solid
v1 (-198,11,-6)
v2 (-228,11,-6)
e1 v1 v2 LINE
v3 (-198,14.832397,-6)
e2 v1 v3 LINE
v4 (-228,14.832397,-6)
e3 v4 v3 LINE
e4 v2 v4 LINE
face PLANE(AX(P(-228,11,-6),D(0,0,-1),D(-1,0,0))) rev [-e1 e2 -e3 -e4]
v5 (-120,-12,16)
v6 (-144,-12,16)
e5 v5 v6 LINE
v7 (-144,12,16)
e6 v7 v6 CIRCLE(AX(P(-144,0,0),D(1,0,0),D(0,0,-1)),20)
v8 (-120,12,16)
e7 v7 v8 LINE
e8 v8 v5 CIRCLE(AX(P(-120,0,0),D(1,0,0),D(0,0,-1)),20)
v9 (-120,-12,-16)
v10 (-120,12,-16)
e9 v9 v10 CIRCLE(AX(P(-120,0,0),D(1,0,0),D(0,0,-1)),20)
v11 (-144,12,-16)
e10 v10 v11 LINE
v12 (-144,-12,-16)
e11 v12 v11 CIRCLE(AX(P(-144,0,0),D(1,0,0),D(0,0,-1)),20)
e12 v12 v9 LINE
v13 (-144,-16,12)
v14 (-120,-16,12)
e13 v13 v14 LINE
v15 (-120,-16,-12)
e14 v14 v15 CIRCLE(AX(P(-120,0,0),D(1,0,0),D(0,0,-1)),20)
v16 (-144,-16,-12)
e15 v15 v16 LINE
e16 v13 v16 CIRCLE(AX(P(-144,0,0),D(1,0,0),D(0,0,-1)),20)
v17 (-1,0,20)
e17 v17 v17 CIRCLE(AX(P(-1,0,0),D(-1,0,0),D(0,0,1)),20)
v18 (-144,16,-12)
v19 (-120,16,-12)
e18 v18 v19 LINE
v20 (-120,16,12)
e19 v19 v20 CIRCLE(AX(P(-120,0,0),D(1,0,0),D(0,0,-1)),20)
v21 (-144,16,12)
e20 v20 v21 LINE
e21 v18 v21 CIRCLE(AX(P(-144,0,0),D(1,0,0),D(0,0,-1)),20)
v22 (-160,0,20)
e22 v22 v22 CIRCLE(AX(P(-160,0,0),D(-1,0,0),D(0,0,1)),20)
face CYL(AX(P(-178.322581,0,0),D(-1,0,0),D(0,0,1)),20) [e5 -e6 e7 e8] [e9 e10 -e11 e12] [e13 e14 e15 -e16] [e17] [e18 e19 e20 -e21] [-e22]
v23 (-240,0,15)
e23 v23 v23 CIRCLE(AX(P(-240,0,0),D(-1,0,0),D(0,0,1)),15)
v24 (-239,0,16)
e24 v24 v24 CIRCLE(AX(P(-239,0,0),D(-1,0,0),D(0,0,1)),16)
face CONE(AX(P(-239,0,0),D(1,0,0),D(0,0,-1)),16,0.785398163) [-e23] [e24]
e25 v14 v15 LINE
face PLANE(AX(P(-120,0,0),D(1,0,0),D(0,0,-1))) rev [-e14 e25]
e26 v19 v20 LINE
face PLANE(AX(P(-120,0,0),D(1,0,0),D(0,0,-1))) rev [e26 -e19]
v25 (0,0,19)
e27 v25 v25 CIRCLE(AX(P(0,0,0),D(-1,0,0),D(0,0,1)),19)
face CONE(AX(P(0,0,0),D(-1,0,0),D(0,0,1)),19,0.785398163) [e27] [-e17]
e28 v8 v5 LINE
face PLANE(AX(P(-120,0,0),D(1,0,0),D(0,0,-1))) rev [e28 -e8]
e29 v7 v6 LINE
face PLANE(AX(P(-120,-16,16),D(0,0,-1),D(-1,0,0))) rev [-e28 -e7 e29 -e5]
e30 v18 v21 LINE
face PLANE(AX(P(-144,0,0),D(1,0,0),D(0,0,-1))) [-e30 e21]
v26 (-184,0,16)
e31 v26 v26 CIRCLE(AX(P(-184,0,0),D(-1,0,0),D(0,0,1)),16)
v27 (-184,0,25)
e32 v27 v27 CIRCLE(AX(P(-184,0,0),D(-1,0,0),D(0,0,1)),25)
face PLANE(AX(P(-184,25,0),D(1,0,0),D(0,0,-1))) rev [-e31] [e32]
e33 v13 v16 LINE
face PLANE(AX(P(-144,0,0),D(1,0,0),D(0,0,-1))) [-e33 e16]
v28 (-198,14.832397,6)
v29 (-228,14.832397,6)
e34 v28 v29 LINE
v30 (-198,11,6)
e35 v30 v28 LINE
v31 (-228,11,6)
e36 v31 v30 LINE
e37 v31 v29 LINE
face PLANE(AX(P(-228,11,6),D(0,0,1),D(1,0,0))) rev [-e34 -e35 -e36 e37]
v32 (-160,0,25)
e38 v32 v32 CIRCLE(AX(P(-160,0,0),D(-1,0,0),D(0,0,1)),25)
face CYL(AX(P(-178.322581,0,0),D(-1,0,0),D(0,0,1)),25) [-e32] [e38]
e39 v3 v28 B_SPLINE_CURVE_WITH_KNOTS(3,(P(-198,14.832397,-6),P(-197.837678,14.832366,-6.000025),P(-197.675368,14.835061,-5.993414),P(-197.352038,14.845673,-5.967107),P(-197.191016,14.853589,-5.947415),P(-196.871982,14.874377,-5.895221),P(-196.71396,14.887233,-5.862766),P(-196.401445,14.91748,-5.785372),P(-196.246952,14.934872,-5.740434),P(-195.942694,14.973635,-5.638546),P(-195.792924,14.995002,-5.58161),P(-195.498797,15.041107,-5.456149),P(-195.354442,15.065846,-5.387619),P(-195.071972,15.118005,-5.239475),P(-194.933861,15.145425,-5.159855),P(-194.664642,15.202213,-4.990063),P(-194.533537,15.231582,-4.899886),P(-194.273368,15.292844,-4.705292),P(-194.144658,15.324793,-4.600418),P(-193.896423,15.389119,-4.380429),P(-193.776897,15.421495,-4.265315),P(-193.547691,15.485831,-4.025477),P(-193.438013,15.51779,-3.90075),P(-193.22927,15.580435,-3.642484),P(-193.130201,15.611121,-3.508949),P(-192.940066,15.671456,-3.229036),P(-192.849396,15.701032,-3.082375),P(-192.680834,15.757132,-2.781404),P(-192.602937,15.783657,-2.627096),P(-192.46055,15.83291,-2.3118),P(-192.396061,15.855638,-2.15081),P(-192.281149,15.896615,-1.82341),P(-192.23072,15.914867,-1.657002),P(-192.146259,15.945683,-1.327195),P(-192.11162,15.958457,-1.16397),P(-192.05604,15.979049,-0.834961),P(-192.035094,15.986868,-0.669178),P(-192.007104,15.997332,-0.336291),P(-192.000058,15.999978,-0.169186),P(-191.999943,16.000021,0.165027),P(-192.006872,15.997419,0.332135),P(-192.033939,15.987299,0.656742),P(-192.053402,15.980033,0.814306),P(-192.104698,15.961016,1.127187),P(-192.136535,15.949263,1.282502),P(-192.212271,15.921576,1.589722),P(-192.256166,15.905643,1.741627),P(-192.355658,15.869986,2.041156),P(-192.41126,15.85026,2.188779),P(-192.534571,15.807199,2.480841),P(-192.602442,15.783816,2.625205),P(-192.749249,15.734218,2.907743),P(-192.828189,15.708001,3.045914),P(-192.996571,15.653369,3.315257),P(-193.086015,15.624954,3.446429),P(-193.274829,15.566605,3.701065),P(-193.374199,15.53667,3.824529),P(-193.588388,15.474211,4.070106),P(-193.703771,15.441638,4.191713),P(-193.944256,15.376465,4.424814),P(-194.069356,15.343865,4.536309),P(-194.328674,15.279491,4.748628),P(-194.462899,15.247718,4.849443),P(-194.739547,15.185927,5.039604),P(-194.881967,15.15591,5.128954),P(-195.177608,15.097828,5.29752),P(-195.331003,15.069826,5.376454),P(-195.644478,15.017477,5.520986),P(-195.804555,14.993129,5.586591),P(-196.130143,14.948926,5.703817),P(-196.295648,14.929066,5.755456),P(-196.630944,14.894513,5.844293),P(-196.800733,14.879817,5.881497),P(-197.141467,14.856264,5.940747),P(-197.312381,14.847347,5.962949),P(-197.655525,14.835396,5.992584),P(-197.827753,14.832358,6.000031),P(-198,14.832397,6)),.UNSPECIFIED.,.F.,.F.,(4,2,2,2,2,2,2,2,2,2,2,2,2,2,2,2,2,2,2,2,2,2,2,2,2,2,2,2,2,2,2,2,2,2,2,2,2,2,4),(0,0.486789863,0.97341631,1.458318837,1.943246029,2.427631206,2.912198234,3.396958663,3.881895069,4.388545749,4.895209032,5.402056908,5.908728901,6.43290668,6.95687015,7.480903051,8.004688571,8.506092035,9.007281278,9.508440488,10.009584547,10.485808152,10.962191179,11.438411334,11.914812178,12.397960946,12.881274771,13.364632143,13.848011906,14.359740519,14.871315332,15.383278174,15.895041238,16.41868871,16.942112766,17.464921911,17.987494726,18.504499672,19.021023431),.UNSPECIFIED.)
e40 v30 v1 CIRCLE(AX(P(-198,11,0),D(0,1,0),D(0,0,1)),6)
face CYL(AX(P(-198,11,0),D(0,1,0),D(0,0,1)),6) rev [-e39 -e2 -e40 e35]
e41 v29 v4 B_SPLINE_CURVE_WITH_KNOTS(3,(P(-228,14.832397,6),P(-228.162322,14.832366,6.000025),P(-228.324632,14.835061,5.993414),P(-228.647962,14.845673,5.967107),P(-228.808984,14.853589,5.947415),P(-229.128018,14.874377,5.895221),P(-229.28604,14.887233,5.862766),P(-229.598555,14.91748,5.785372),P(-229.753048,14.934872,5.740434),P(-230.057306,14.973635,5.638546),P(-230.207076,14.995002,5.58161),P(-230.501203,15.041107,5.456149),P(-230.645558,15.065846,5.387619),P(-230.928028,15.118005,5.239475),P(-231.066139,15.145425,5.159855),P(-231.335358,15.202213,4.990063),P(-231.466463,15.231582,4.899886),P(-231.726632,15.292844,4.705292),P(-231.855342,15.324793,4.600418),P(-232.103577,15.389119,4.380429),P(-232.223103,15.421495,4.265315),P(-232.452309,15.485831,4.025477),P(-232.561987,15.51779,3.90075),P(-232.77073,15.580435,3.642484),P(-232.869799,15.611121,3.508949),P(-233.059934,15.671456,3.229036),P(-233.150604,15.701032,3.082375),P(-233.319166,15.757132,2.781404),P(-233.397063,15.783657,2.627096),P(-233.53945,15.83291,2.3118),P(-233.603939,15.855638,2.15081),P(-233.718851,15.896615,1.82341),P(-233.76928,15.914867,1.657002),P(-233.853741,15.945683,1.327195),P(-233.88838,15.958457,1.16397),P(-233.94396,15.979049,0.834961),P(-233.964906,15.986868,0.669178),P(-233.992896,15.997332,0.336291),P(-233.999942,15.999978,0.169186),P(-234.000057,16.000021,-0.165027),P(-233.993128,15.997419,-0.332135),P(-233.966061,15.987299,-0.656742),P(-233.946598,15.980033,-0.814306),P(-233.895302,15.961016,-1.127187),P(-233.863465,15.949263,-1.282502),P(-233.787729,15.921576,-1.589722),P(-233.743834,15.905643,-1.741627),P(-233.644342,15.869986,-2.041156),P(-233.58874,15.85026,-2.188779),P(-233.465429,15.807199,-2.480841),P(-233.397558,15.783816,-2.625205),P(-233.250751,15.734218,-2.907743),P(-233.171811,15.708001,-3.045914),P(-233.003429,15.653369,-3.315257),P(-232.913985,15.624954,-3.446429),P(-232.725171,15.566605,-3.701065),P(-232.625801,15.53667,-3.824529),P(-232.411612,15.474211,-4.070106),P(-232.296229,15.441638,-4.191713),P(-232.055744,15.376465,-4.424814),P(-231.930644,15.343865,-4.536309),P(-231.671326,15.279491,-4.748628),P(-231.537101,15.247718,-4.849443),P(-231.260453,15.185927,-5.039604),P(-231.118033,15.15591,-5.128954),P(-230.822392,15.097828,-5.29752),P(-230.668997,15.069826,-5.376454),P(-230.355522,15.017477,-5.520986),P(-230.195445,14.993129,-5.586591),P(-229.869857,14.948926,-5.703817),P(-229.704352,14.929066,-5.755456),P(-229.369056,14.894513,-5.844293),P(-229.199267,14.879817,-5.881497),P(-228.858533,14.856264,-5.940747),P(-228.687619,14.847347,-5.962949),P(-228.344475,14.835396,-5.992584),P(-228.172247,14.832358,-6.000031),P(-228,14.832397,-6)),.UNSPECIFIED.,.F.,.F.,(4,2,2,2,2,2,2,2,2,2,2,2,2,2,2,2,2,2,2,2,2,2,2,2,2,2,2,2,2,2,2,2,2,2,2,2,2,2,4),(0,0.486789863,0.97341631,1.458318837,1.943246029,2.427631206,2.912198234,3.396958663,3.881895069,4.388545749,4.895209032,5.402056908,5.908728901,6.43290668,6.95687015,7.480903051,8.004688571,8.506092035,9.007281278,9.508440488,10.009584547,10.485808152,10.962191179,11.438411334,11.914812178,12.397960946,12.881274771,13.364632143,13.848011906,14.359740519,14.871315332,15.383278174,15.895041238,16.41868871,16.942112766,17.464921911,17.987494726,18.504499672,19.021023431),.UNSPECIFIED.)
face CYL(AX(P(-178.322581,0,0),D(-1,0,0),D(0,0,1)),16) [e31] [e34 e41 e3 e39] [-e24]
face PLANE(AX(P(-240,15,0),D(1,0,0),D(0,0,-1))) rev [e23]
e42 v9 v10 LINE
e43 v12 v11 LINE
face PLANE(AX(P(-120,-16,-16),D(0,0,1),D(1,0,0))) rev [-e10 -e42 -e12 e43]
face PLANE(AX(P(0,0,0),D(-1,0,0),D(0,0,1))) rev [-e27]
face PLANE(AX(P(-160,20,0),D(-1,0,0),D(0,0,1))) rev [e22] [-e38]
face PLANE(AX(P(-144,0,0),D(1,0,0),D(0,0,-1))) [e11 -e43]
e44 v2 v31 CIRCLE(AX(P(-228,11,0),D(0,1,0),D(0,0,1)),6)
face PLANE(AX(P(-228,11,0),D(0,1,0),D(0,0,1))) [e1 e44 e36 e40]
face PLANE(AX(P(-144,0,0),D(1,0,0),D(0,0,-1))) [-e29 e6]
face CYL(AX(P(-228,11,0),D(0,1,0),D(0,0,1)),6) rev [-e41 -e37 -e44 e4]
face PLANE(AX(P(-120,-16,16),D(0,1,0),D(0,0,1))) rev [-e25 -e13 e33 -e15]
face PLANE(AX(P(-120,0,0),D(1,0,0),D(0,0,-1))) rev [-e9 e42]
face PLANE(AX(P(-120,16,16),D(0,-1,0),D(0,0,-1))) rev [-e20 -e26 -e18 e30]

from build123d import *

# Parameters (mm, degrees)
SKETCH_2_OUTSIDE_W   = 102.04
SKETCH_2_OUTSIDE_H   = 102.04
SKETCH_2_OUTSIDE_W_2 = 32
SKETCH_2_OUTSIDE_H_2 = 32
CUT_EXTRUDE_1_DEPTH  = 24
CUT_EXTRUDE_2_DEPTH  = 5


with BuildPart() as part:
    # Эскиз1 → Повернуть1 (revolve)
    with BuildSketch(Plane.XY, mode=Mode.PRIVATE) as revolve_1_sk:
        Polygon((0, 0), (0, 19), (-1, 20), (-160, 20), (-160, 25), (-184, 25), (-184, 16), (-239, 16), (-240, 15), (-240, 0), align=None)
    revolve(revolve_1_sk.sketch.rotate(Axis((-178.322580645, 0, 0), (1, 0, 0)), 90), axis=Axis((-178.322580645, 0, 0), (1, 0, 0)))

    # Эскиз2 outside → Вырез-Вытянуть1 (cut)
    with BuildSketch(Plane(origin=(-144, 0, 0), x_dir=(0, 0, -1), z_dir=(1, 0, 0))):
        Rectangle(SKETCH_2_OUTSIDE_W, SKETCH_2_OUTSIDE_H)
        Rectangle(SKETCH_2_OUTSIDE_W_2, SKETCH_2_OUTSIDE_H_2, mode=Mode.SUBTRACT)
    extrude(amount=CUT_EXTRUDE_1_DEPTH, mode=Mode.SUBTRACT)

    # Эскиз3 → Вырез-Вытянуть2 (cut)
    with BuildSketch(Plane(origin=(0, 16, 0), x_dir=(1, 0, 0), z_dir=(0, 1, 0))):
        with BuildLine():
            Line((-228, 6), (-198, 6))
            ThreePointArc((-198, 6), (-192, 0), (-198, -6))
            Line((-198, -6), (-228, -6))
            ThreePointArc((-228, -6), (-234, 0), (-228, 6))
        make_face()
    extrude(amount=-CUT_EXTRUDE_2_DEPTH, mode=Mode.SUBTRACT)


solid = part.part
